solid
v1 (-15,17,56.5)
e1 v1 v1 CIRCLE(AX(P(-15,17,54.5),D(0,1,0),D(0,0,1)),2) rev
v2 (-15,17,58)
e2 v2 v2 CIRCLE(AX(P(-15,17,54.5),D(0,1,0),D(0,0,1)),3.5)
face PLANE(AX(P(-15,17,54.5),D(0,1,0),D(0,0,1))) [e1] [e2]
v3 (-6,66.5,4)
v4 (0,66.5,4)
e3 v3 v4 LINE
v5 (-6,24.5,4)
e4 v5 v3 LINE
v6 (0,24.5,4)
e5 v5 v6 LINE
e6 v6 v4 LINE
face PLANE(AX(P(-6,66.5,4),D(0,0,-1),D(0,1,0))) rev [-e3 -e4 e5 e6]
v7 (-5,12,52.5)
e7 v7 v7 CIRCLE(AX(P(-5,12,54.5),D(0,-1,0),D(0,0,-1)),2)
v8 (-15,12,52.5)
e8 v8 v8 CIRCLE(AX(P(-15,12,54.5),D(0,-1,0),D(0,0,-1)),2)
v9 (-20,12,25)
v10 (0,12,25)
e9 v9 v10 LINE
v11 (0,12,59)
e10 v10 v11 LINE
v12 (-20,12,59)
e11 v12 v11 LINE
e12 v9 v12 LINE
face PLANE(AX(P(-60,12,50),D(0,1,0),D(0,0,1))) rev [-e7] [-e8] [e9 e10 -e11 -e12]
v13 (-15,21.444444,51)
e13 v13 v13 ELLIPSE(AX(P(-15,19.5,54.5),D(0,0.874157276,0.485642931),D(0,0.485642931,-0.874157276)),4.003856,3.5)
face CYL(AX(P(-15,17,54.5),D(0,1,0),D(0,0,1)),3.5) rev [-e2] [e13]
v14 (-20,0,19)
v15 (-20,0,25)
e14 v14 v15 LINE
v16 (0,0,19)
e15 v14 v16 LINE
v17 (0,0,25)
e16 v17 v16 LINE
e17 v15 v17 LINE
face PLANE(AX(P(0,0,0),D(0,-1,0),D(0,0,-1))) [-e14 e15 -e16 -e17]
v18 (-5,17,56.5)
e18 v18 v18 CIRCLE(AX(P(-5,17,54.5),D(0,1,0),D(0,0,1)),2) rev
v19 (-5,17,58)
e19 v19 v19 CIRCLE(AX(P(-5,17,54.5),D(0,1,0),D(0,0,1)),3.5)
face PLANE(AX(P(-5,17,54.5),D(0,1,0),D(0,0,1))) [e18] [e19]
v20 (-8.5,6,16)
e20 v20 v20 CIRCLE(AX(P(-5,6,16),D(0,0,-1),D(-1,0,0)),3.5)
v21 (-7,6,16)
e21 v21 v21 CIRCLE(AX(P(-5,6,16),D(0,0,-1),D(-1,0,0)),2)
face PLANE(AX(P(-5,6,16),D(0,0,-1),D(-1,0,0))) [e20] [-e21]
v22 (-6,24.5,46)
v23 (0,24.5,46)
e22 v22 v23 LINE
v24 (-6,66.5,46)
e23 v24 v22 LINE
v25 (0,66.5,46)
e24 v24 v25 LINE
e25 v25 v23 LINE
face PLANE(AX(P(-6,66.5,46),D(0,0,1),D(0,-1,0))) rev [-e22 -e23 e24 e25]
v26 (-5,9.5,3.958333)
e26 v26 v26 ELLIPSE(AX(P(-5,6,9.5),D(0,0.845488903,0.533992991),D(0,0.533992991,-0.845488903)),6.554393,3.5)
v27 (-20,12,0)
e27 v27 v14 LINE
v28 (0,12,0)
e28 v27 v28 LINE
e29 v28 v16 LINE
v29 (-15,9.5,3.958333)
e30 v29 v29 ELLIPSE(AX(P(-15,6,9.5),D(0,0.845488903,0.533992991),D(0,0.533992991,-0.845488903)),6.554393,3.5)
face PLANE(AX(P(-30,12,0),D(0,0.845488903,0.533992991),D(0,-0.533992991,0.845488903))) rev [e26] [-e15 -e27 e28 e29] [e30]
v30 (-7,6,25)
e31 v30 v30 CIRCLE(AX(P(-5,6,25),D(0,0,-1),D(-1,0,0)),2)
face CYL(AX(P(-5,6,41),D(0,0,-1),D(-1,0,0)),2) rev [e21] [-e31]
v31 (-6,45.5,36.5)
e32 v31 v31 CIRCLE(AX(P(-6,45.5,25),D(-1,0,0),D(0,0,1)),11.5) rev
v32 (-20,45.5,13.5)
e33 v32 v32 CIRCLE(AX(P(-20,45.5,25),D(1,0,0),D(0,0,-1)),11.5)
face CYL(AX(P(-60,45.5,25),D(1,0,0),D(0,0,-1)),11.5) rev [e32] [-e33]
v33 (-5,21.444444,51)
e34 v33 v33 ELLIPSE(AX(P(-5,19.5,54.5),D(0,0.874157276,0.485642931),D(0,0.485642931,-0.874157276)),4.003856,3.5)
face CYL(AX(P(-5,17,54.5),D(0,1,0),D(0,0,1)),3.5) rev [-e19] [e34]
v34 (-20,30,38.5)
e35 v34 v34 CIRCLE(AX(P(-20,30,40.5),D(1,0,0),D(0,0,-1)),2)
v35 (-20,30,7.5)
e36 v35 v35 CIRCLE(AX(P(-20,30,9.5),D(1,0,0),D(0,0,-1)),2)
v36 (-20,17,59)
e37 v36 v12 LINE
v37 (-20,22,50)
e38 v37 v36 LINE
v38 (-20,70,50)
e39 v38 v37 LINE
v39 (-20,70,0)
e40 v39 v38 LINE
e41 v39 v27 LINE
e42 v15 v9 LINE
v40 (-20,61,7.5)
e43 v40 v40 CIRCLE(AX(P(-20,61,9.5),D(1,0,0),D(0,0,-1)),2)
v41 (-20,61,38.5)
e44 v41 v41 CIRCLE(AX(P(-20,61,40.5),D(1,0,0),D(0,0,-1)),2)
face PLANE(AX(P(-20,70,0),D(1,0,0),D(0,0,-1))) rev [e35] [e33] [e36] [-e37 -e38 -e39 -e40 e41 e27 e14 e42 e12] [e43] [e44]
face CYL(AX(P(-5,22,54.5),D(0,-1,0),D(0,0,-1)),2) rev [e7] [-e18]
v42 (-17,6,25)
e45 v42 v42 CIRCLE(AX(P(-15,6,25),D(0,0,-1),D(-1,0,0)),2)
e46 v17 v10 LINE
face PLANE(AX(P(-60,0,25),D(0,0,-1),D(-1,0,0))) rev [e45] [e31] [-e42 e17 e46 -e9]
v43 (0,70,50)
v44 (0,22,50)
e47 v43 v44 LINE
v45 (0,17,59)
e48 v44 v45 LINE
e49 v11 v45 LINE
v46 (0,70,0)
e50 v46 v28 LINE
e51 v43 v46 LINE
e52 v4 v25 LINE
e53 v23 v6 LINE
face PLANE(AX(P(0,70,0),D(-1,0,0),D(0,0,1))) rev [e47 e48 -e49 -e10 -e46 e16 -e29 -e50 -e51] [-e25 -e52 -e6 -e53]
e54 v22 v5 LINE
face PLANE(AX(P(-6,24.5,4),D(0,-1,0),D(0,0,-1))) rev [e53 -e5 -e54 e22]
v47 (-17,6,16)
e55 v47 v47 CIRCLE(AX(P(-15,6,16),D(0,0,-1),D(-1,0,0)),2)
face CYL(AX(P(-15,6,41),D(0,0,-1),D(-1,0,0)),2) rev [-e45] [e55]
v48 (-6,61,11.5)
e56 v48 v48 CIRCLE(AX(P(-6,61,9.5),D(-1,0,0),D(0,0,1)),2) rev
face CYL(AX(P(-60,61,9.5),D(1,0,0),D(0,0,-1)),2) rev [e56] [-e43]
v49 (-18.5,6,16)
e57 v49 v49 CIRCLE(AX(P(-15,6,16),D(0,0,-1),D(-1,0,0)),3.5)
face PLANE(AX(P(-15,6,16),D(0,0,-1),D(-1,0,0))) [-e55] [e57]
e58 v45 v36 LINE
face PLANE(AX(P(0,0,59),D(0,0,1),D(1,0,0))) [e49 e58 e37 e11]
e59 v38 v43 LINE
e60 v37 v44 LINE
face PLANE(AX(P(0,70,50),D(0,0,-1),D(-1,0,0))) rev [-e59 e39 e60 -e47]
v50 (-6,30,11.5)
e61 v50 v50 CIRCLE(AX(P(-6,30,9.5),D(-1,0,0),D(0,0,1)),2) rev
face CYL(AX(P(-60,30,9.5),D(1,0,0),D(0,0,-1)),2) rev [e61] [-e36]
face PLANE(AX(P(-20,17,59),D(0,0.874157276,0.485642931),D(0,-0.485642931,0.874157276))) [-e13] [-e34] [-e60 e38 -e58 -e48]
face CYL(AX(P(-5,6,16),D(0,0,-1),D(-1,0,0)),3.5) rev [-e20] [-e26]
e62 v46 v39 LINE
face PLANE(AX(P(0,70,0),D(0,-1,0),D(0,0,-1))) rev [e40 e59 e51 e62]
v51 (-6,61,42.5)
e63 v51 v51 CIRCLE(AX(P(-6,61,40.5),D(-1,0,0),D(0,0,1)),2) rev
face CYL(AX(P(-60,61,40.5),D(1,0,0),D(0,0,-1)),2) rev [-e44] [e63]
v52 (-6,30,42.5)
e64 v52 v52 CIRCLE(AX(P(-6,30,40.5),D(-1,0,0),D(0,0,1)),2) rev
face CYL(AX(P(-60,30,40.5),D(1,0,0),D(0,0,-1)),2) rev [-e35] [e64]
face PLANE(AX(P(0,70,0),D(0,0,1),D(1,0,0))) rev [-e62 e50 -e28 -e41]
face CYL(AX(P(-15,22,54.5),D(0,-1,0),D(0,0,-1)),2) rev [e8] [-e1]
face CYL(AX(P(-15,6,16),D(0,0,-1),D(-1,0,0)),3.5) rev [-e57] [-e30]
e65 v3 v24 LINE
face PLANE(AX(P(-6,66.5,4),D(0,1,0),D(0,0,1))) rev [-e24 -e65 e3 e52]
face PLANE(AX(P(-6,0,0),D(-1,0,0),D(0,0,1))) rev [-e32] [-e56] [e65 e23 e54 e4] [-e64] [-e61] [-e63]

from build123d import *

# Parameters (mm, degrees)
SKETCH1_W           = 20
SKETCH1_H           = 50
BOSS_EXTRUDE1_DEPTH = 70
SKETCH2_R           = 2
SKETCH2_R_2         = 11.5
CUT_EXTRUDE2_DEPTH  = 60
SKETCH4_W           = 25
SKETCH4_H           = 12
CUT_EXTRUDE3_DEPTH  = 60
SKETCH8_R           = 2
CUT_EXTRUDE5_DEPTH  = 15
SKETCH9_W           = 42
SKETCH9_H           = 42
CUT_EXTRUDE6_DEPTH  = 6
CUT_EXTRUDE8_DEPTH  = 30
SKETCH12_W          = 20
SKETCH12_H          = 5
BOSS_EXTRUDE2_DEPTH = 9
BOSS_EXTRUDE3_DEPTH = 20
SKETCH15_R          = 2
CUT_EXTRUDE9_DEPTH  = 10
SKETCH18_R          = 3.5
CUT_EXTRUDE12_DEPTH = 53
SKETCH17_R          = 3.5
CUT_EXTRUDE13_DEPTH = 16
SKETCH19_R          = 2
CUT_EXTRUDE14_DEPTH = 25


with BuildPart() as part:
    # Sketch1 → Boss-Extrude1 (new body)
    with BuildSketch(Plane(origin=(0, 0, 0), x_dir=(1, 0, 0), z_dir=(0, 1, 0))):
        with Locations((-10, -25)):
            Rectangle(SKETCH1_W, SKETCH1_H)
    extrude(amount=BOSS_EXTRUDE1_DEPTH)

    # Sketch2 → Cut-Extrude2 (cut)
    with BuildSketch(Plane(origin=(0, 0, 0), x_dir=(0, 0, -1), z_dir=(1, 0, 0))):
        with Locations((-9.5, 61)):
            Circle(SKETCH2_R)
        with Locations((-25, 45.5)):
            Circle(SKETCH2_R_2)
        with Locations((-9.5, 30)):
            Circle(SKETCH2_R)
        with Locations((-40.5, 30)):
            Circle(SKETCH2_R)
        with Locations((-40.5, 61)):
            Circle(SKETCH2_R)
    extrude(amount=-CUT_EXTRUDE2_DEPTH, mode=Mode.SUBTRACT)

    # Sketch4 → Cut-Extrude3 (cut)
    with BuildSketch(Plane(origin=(0, 0, 0), x_dir=(0, 0, -1), z_dir=(1, 0, 0))):
        with Locations((-37.5, 6)):
            Rectangle(SKETCH4_W, SKETCH4_H)
    extrude(amount=-CUT_EXTRUDE3_DEPTH, mode=Mode.SUBTRACT)

    # Sketch8 → Cut-Extrude5 (cut)
    with BuildSketch(Plane(origin=(0, 0, 0), x_dir=(-1, 0, 0), z_dir=(0, 0, -1))):
        with Locations((15, 6)):
            Circle(SKETCH8_R)
        with Locations((5, 6)):
            Circle(SKETCH8_R)
    extrude(amount=-CUT_EXTRUDE5_DEPTH, mode=Mode.SUBTRACT)

    # Sketch9 → Cut-Extrude6 (cut)
    with BuildSketch(Plane(origin=(0, 0, 0), x_dir=(0, 0, -1), z_dir=(1, 0, 0))):
        with Locations((-25, 45.5)):
            Rectangle(SKETCH9_W, SKETCH9_H)
    extrude(amount=-CUT_EXTRUDE6_DEPTH, mode=Mode.SUBTRACT)

    # Sketch11 → Cut-Extrude8 (cut)
    with BuildSketch(Plane(origin=(0, 0, 0), x_dir=(0, 0, -1), z_dir=(1, 0, 0))):
        Polygon((-19, 0), (0, 0), (0, 12), align=None)
    extrude(amount=-CUT_EXTRUDE8_DEPTH, mode=Mode.SUBTRACT)

    # Sketch12 → Boss-Extrude2 (add)
    with BuildSketch(Plane.XY.offset(50)):
        with Locations((-10, 14.5)):
            Rectangle(SKETCH12_W, SKETCH12_H)
    extrude(amount=BOSS_EXTRUDE2_DEPTH)

    # Sketch14 → Boss-Extrude3 (add)
    with BuildSketch(Plane(origin=(0, 0, 0), x_dir=(0, 0, -1), z_dir=(1, 0, 0))):
        Polygon((-50, 17), (-59, 17), (-50, 22), align=None)
    extrude(amount=-BOSS_EXTRUDE3_DEPTH)

    # Sketch15 → Cut-Extrude9 (cut)
    with BuildSketch(Plane(origin=(0, 12, 0), x_dir=(-1, 0, 0), z_dir=(0, -1, 0))):
        with Locations(Location((5, -54.5, 0), (0, 0, 90))):
            Circle(SKETCH15_R)
        with Locations(Location((15, -54.5, 0), (0, 0, 90))):
            Circle(SKETCH15_R)
    extrude(amount=-CUT_EXTRUDE9_DEPTH, mode=Mode.SUBTRACT)

    # Sketch18 → Cut-Extrude12 (cut)
    with BuildSketch(Plane(origin=(0, 70, 0), x_dir=(1, 0, 0), z_dir=(0, 1, 0))):
        with Locations(Location((-15, -54.5, 0), (0, 0, 270))):
            Circle(SKETCH18_R)
        with Locations(Location((-5, -54.5, 0), (0, 0, 270))):
            Circle(SKETCH18_R)
    extrude(amount=-CUT_EXTRUDE12_DEPTH, mode=Mode.SUBTRACT)

    # Sketch17 → Cut-Extrude13 (cut)
    with BuildSketch(Plane(origin=(0, 0, 0), x_dir=(-1, 0, 0), z_dir=(0, 0, -1))):
        with Locations((15, 6)):
            Circle(SKETCH17_R)
        with Locations((5, 6)):
            Circle(SKETCH17_R)
    extrude(amount=-CUT_EXTRUDE13_DEPTH, mode=Mode.SUBTRACT)

    # Sketch19 → Cut-Extrude14 (cut)
    with BuildSketch(Plane(origin=(0, 0, 16), x_dir=(-1, 0, 0), z_dir=(0, 0, -1))):
        with Locations((5, 6)):
            Circle(SKETCH19_R)
        with Locations((15, 6)):
            Circle(SKETCH19_R)
    extrude(amount=-CUT_EXTRUDE14_DEPTH, mode=Mode.SUBTRACT)


solid = part.part
